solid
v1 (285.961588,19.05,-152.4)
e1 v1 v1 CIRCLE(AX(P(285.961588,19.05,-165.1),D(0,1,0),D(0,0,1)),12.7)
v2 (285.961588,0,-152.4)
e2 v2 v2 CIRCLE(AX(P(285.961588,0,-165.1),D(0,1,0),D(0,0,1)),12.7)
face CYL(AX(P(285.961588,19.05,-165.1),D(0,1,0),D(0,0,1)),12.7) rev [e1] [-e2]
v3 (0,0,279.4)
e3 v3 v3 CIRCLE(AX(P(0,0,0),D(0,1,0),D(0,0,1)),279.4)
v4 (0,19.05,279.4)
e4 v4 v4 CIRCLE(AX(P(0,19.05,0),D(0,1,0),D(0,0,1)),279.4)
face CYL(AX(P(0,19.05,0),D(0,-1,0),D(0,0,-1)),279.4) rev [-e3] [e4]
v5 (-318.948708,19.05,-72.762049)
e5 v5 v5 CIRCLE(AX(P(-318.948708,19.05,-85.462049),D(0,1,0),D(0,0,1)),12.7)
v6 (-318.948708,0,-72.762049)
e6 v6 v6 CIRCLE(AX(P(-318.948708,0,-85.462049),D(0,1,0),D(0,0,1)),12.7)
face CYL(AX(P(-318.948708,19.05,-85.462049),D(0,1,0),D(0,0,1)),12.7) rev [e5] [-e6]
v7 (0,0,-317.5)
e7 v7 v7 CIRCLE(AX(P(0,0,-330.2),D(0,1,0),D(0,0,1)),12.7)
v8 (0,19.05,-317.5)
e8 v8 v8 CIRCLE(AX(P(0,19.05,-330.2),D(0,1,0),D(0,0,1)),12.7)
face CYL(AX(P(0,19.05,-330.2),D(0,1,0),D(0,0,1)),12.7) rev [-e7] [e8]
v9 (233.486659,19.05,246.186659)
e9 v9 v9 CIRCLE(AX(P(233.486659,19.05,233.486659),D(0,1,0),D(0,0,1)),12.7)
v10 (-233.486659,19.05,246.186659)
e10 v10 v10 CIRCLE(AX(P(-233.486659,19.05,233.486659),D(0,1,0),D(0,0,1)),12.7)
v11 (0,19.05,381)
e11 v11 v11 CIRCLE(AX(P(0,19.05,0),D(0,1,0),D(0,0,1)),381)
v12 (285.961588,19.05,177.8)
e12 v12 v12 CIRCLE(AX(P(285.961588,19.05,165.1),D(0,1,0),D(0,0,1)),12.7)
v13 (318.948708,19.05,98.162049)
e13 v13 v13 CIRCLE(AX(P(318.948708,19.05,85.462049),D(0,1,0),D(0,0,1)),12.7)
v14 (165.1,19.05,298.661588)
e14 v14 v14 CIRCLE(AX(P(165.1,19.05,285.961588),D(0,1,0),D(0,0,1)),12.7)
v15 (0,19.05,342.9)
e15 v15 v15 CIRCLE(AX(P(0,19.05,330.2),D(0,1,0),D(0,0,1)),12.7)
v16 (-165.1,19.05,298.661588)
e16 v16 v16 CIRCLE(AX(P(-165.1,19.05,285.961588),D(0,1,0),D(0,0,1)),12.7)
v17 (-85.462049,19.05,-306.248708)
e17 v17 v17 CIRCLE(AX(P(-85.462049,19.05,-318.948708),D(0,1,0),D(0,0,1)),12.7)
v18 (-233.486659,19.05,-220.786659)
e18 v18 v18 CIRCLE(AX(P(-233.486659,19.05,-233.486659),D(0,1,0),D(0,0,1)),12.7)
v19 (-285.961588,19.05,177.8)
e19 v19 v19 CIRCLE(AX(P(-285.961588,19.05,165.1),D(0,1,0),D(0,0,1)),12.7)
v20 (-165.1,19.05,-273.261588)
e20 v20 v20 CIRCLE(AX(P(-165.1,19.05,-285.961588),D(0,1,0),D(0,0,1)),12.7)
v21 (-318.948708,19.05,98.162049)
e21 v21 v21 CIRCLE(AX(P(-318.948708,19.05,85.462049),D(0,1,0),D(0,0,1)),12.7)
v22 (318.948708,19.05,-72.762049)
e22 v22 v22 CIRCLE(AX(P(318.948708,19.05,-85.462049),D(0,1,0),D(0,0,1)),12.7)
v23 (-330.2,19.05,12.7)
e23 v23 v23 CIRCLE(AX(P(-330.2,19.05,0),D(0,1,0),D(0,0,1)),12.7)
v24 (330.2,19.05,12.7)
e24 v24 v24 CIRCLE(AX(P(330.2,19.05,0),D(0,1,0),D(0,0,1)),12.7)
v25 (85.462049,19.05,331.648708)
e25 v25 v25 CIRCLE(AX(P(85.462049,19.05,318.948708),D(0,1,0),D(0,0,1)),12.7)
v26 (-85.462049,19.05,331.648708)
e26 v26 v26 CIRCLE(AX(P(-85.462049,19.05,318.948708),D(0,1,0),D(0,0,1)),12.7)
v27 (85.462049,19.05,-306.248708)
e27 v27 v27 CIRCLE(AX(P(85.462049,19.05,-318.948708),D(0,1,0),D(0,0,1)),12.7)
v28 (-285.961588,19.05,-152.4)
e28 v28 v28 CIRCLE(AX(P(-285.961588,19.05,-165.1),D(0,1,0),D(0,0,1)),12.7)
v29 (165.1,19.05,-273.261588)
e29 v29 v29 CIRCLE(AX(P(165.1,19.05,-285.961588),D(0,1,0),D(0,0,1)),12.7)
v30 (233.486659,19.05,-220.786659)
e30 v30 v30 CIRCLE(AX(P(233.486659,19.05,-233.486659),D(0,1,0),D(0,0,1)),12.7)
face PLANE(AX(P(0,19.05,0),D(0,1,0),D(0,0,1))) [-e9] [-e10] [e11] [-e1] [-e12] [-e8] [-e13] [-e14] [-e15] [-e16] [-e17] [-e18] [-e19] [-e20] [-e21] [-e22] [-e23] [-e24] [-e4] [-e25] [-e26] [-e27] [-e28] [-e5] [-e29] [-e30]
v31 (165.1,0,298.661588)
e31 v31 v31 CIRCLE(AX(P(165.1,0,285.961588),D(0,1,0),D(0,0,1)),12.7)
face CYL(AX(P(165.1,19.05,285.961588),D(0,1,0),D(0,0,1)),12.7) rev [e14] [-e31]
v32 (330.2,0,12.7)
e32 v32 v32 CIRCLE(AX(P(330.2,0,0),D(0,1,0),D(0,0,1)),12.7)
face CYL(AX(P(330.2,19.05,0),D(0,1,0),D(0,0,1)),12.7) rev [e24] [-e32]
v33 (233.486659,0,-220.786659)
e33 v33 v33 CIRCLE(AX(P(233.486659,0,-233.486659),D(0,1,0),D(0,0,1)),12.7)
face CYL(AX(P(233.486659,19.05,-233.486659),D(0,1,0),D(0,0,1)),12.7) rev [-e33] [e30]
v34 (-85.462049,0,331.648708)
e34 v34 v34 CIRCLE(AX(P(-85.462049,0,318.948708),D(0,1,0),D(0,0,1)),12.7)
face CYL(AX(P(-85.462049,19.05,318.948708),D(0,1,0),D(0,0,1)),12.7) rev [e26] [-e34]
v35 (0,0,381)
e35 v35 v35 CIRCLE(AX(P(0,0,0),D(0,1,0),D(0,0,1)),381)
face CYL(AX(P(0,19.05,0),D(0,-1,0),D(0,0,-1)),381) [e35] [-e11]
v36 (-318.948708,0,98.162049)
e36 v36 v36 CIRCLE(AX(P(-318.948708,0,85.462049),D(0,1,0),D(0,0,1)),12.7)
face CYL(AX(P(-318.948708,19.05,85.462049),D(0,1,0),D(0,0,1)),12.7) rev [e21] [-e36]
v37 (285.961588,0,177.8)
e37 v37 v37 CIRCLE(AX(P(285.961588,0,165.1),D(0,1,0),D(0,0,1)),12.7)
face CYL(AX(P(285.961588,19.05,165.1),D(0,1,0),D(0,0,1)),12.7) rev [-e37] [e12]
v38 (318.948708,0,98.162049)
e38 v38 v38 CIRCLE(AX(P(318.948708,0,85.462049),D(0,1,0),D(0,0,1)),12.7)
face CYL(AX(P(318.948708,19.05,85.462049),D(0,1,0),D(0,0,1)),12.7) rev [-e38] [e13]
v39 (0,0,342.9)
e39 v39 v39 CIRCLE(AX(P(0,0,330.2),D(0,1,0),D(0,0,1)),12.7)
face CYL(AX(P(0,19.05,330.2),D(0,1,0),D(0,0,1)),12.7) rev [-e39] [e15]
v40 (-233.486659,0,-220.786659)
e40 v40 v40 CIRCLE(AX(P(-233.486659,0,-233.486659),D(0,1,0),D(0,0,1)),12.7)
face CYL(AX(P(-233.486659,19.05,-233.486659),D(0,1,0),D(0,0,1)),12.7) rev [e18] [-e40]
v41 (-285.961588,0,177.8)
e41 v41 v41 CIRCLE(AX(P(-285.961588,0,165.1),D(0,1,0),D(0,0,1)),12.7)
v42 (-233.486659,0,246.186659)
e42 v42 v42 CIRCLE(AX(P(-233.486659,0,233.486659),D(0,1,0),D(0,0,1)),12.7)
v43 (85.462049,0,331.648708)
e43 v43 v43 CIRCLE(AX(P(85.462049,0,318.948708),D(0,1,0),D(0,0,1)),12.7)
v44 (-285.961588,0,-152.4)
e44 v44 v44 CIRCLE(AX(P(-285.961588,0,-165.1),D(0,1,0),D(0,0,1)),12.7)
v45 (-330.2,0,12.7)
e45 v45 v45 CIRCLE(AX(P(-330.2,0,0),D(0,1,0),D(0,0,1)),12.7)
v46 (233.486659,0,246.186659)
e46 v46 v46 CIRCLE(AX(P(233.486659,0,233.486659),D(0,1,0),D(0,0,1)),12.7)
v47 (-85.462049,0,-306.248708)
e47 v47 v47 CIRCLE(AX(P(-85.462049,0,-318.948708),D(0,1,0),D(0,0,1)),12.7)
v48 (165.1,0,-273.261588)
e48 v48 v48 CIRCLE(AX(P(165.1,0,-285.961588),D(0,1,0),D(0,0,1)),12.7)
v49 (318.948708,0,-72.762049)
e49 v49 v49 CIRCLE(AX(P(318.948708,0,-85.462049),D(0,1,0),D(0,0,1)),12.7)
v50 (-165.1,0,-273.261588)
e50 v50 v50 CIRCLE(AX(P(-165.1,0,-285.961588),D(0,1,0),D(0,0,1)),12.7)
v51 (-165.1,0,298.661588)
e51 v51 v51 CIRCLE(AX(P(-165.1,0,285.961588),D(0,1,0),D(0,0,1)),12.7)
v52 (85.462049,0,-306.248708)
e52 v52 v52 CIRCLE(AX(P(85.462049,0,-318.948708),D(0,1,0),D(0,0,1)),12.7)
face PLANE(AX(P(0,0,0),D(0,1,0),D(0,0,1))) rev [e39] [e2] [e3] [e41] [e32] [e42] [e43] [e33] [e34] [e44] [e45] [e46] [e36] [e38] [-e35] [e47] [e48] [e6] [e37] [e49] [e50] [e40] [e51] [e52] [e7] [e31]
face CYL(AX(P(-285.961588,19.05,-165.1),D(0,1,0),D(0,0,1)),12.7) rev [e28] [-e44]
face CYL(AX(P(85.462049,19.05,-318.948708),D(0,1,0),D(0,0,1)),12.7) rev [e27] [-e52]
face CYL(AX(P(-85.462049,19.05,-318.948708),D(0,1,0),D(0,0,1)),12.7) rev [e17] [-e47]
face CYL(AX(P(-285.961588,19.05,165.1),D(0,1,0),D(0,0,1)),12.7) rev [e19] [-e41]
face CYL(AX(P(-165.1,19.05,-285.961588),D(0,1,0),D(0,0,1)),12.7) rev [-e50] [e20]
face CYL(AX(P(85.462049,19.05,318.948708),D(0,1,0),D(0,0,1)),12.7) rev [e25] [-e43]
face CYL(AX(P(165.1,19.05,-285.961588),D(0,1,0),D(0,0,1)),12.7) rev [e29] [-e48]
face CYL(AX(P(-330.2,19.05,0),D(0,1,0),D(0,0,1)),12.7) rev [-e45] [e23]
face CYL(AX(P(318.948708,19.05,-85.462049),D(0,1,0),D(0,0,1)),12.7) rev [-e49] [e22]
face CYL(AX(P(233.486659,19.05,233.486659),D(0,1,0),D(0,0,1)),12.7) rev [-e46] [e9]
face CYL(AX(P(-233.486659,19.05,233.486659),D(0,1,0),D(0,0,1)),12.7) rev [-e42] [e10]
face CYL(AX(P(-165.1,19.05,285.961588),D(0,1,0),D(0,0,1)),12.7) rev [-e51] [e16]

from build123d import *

# Parameters (mm, degrees)
SKETCH1_R           = 381
SKETCH1_R_2         = 279.4
BOSS_EXTRUDE1_DEPTH = 19.05
CIRPATTERN1_COUNT   = 24


with BuildPart() as part:
    # Sketch1 → Boss-Extrude1 (new body)
    with BuildSketch(Plane(origin=(0, 0, 0), x_dir=(1, 0, 0), z_dir=(0, 1, 0))):
        Circle(SKETCH1_R)
        Circle(SKETCH1_R_2, mode=Mode.SUBTRACT)
    extrude(amount=BOSS_EXTRUDE1_DEPTH)

    # Sketch2 → 1 (1) Diameter Hole1 (revolve, cut)
    with BuildSketch(Plane(origin=(0, 19.05, -330.2), x_dir=(0, 0, 1), z_dir=(1, 0, 0))):
        Polygon((0, 0), (0, 39.630929862), (12.7, 32), (12.7, 0), align=None)
    f_1_1_diameter_hole1 = revolve(axis=Axis((0, 25.4, -330.2), (0, -1, 0)), mode=Mode.SUBTRACT)

    # CirPattern1: 1 (1) Diameter Hole1 ×24 about axis
    cirpattern1_axis = Axis((0, 0, 0), (0, 1, 0))
    for i in range(1, CIRPATTERN1_COUNT):
        add(f_1_1_diameter_hole1.rotate(cirpattern1_axis, i * 360 / CIRPATTERN1_COUNT), mode=Mode.SUBTRACT)


solid = part.part
